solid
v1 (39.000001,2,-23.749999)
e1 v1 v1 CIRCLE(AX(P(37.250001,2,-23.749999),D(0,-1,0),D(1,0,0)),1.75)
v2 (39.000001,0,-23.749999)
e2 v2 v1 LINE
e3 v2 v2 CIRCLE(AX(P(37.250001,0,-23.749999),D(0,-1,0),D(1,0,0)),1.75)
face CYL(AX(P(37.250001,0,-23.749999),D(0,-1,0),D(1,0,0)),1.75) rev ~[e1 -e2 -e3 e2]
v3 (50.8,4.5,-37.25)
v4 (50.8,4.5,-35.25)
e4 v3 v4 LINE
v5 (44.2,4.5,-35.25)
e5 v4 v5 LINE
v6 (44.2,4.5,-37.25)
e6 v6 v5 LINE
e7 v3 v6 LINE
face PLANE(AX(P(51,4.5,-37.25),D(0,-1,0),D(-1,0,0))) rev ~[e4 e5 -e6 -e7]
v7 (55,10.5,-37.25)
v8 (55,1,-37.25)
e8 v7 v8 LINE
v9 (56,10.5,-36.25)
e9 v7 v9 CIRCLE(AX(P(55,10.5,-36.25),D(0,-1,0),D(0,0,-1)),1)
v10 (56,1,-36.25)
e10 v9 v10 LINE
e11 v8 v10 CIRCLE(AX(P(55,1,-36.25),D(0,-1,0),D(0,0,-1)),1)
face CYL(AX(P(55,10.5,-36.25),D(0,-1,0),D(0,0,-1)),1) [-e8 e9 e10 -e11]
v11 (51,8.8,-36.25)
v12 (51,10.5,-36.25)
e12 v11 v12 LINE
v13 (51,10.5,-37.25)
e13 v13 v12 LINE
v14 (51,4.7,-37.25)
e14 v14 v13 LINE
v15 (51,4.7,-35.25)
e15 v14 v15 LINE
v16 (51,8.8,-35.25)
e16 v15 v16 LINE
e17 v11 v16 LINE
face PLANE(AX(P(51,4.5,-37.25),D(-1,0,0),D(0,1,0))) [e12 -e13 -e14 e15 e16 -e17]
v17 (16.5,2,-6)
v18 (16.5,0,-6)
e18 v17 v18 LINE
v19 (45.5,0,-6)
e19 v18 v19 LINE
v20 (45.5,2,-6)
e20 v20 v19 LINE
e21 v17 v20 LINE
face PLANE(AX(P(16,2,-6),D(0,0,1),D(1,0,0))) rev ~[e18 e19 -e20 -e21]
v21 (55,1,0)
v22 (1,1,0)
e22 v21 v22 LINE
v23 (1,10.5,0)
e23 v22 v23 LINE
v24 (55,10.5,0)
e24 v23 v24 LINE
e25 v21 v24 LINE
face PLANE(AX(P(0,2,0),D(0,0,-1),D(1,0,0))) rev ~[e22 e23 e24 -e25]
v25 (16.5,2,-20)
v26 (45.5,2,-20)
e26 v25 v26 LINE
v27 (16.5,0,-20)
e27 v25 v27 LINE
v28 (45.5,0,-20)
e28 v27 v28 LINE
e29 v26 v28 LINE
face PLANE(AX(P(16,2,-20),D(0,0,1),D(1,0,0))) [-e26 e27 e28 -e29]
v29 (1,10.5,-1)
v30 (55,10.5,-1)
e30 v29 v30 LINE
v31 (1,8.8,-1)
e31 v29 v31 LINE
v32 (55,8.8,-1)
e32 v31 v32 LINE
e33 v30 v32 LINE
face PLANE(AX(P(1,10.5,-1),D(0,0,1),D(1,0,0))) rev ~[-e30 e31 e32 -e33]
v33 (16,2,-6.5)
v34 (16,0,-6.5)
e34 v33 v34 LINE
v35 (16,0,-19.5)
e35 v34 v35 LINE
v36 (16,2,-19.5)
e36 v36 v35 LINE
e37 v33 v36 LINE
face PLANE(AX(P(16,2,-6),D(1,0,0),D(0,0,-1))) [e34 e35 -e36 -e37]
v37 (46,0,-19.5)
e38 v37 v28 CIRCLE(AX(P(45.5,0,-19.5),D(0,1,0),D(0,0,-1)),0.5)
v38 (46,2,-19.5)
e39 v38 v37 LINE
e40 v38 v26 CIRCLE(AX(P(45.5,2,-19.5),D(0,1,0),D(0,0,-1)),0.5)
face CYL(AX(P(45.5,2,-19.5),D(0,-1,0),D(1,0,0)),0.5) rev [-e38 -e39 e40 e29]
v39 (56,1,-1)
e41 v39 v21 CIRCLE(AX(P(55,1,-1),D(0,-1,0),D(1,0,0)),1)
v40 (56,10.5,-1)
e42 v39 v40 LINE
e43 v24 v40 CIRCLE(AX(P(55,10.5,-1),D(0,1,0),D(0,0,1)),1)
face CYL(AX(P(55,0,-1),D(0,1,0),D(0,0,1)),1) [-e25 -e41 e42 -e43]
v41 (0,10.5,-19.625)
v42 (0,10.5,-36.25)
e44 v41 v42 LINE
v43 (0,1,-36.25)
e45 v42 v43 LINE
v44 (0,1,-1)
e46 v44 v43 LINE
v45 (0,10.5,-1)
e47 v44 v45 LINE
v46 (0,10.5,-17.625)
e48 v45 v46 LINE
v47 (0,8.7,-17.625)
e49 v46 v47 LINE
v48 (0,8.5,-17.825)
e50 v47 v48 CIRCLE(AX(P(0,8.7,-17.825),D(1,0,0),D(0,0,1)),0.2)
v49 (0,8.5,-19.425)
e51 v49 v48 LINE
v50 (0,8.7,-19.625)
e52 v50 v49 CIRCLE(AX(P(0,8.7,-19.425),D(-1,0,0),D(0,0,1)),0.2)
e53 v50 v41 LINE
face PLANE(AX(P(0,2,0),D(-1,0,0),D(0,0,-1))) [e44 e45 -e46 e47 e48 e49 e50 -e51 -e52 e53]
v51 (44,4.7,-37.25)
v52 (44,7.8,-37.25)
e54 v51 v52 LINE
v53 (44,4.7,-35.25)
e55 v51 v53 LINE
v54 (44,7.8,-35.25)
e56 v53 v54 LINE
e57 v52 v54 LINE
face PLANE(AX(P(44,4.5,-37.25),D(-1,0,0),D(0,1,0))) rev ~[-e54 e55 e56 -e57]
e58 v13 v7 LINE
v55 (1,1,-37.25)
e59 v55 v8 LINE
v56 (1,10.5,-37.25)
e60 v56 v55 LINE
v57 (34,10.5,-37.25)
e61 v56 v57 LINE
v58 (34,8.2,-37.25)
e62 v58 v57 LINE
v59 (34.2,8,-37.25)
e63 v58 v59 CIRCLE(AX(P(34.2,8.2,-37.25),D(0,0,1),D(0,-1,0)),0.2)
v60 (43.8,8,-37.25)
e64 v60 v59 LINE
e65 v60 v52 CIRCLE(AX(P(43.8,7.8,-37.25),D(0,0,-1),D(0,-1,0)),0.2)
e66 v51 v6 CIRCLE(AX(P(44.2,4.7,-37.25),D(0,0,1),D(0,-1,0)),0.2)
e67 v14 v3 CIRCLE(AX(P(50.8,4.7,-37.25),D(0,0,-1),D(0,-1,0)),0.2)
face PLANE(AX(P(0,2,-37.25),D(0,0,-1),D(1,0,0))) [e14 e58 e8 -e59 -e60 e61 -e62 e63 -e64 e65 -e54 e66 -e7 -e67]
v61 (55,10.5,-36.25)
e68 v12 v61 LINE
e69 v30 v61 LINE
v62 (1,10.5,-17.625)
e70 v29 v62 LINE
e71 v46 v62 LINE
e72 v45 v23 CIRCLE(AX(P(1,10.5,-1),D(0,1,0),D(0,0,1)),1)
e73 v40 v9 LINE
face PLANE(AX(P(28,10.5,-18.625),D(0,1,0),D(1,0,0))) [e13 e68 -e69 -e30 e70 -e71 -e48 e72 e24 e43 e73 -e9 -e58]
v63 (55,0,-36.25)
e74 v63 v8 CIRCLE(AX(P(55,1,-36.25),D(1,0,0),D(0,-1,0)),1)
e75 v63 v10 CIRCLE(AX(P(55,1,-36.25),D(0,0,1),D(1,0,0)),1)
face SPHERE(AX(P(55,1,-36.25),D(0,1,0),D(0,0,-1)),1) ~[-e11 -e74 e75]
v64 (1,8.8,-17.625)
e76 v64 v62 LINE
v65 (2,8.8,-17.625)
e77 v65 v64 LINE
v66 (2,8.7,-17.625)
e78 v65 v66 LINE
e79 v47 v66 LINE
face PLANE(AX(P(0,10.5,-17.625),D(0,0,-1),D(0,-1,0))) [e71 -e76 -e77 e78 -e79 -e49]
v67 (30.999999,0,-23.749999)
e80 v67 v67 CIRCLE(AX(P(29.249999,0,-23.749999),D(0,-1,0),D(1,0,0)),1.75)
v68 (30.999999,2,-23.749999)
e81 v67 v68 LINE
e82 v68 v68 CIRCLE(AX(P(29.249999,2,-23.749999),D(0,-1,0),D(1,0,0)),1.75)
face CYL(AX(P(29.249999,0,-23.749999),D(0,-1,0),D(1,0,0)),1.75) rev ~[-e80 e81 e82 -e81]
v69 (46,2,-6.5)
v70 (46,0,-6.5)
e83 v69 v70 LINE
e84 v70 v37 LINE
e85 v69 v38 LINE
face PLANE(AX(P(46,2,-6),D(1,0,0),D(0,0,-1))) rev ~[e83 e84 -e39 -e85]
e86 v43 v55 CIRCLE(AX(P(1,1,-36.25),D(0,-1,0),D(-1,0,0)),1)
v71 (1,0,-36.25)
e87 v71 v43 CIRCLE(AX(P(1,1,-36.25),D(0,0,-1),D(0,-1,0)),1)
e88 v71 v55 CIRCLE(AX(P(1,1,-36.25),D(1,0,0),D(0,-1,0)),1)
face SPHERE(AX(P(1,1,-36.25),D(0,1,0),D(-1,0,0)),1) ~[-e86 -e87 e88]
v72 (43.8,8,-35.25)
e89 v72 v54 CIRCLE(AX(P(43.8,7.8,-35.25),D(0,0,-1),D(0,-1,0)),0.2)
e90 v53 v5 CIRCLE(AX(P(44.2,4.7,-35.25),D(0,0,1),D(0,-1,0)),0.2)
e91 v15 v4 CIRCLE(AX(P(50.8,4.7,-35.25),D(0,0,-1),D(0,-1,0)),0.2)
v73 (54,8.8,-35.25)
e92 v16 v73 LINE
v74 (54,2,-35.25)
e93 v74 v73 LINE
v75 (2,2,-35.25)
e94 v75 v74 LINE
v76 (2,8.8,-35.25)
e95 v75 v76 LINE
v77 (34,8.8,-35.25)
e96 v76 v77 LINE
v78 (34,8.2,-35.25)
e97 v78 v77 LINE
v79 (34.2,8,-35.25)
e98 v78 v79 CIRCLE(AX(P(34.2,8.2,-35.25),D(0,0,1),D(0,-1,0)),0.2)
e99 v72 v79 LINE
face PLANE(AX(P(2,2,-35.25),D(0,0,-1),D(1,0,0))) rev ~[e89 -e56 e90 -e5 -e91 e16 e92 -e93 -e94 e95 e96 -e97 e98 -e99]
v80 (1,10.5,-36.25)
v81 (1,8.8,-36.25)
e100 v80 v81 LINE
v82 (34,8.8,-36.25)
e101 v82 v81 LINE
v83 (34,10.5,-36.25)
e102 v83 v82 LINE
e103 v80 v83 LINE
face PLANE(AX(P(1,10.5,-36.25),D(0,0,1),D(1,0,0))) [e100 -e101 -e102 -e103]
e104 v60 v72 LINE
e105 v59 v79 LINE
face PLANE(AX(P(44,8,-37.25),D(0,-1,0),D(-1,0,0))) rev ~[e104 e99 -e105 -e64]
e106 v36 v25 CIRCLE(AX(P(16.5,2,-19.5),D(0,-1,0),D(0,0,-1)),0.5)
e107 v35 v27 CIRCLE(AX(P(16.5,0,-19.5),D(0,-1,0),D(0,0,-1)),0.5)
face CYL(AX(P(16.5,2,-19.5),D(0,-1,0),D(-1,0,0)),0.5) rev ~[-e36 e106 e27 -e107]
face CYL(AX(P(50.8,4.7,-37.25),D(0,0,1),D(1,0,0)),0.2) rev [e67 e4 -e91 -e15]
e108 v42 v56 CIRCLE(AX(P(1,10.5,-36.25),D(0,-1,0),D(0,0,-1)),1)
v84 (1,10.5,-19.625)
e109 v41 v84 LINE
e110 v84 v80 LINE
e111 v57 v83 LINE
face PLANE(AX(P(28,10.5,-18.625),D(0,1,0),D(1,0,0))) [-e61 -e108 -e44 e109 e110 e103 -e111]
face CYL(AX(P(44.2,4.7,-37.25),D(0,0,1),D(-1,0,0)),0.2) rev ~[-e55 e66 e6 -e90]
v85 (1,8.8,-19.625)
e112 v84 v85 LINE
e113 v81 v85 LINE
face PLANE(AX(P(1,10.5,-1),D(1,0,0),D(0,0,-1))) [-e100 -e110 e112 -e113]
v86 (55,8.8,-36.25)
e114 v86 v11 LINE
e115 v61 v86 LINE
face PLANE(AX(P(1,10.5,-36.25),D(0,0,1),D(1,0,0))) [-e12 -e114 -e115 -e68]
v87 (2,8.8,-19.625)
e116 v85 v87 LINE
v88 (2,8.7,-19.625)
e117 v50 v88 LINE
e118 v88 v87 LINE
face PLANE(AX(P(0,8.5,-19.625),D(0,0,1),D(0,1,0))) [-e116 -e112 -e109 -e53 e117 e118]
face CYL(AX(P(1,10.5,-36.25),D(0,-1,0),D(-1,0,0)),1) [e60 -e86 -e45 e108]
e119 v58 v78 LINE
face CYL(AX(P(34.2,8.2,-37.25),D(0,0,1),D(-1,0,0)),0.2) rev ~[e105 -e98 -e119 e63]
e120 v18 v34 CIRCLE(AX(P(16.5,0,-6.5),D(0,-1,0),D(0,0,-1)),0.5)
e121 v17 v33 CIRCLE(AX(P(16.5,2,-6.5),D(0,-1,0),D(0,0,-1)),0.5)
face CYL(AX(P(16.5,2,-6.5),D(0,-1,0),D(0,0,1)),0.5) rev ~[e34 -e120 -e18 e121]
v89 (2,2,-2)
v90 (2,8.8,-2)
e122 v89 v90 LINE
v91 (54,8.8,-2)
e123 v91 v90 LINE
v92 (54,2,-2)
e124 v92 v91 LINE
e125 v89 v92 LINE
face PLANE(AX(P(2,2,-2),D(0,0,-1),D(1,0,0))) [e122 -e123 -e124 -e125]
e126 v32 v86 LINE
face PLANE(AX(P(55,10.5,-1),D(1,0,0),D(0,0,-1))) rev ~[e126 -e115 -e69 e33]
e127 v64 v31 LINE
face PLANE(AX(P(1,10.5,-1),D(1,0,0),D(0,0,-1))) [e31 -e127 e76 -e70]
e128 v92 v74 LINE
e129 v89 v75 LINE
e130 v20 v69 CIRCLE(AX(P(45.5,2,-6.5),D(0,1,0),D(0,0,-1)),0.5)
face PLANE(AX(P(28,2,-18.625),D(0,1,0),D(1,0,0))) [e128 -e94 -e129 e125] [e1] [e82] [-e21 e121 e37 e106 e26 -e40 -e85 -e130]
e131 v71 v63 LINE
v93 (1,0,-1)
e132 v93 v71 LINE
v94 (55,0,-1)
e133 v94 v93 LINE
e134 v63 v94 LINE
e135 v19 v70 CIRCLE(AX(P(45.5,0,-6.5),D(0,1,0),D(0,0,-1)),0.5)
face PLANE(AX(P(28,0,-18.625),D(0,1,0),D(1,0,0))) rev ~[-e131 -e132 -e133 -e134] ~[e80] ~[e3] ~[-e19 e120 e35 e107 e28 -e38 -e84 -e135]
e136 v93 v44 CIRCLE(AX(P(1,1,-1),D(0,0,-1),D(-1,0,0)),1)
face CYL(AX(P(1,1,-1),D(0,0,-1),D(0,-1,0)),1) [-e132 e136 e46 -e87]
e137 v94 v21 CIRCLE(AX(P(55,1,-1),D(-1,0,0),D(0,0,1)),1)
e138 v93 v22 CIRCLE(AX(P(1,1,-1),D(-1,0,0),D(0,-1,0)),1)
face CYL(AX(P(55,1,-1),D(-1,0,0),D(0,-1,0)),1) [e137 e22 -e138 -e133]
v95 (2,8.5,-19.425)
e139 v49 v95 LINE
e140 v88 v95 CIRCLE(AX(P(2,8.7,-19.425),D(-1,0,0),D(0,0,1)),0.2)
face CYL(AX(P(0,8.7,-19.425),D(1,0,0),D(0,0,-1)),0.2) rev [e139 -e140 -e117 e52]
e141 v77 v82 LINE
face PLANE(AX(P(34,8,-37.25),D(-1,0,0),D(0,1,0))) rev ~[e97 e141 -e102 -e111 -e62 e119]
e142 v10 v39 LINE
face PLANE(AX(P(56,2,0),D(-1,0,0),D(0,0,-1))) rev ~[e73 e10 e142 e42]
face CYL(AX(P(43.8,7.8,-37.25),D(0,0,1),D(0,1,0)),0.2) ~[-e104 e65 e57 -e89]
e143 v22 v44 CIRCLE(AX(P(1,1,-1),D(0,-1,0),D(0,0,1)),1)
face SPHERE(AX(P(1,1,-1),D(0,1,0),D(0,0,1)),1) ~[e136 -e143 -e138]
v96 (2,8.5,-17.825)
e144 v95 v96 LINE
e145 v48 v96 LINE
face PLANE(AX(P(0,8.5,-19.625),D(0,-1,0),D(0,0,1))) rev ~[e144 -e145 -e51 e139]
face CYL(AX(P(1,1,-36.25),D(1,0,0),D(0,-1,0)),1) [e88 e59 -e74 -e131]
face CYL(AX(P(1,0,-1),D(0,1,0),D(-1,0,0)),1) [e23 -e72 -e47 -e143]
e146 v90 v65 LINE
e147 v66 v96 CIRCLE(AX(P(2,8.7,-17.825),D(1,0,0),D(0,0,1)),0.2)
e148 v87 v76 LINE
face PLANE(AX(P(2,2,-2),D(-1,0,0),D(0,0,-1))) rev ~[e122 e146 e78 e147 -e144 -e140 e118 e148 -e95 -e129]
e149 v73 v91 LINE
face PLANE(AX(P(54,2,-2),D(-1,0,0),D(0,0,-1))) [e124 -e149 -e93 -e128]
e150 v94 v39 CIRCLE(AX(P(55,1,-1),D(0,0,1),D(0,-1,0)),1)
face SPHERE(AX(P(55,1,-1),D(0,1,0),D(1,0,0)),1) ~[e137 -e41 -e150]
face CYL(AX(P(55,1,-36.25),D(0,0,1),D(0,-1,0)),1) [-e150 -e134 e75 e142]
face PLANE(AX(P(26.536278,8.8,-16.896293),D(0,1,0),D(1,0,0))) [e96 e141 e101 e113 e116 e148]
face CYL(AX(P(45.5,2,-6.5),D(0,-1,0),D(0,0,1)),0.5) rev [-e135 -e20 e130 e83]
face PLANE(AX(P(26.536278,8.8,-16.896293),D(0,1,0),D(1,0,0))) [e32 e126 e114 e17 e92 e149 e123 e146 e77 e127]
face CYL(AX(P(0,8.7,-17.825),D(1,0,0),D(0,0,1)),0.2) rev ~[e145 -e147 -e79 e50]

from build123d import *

# Parameters (mm, degrees)
SKETCH1_W           = 56
SKETCH1_H           = 37.25
BOSS_EXTRUDE1_DEPTH = 2
SKETCH2_W           = 56
SKETCH2_H           = 37.25
SKETCH2_W_2         = 52
SKETCH2_H_2         = 33.25
BOSS_EXTRUDE2_DEPTH = 8.5
SKETCH5_W           = 54
SKETCH5_H           = 35.25
SKETCH5_W_2         = 52
SKETCH5_H_2         = 33.25
CUT_EXTRUDE1_DEPTH  = 1
FILLET1_R           = 1
SKETCH7_W           = 30
SKETCH7_H           = 14
CUT_EXTRUDE3_DEPTH  = 10
SKETCH8_R           = 1.75
CUT_EXTRUDE4_DEPTH  = 10
SKETCH9_W           = 7
SKETCH9_H           = 6
CUT_EXTRUDE5_DEPTH  = 3
SKETCH10_W          = 10
SKETCH10_H          = 2.5
CUT_EXTRUDE6_DEPTH  = 3
FILLET2_R           = 0.5
FILLET3_R           = 1
FILLET5_R           = 0.2
CUT_EXTRUDE8_DEPTH  = 0.7
CUT_EXTRUDE10_DEPTH = 5
FILLET6_R           = 0.2


with BuildPart() as part:
    # Sketch1 → Boss-Extrude1 (new body)
    with BuildSketch(Plane(origin=(0, 0, 0), x_dir=(1, 0, 0), z_dir=(0, 1, 0))):
        with Locations((28, 18.625)):
            Rectangle(SKETCH1_W, SKETCH1_H)
    extrude(amount=BOSS_EXTRUDE1_DEPTH)

    # Sketch2 → Boss-Extrude2 (add)
    with BuildSketch(Plane(origin=(0, 2, 0), x_dir=(1, 0, 0), z_dir=(0, 1, 0))):
        with Locations((28, 18.625)):
            Rectangle(SKETCH2_W, SKETCH2_H)
        with Locations((28, 18.625)):
            Rectangle(SKETCH2_W_2, SKETCH2_H_2, mode=Mode.SUBTRACT)
    extrude(amount=BOSS_EXTRUDE2_DEPTH)

    # Sketch5 → Cut-Extrude1 (cut)
    with BuildSketch(Plane(origin=(0, 10.5, 0), x_dir=(1, 0, 0), z_dir=(0, 1, 0))):
        with Locations((28, 18.625)):
            Rectangle(SKETCH5_W, SKETCH5_H)
        with Locations((28, 18.625)):
            Rectangle(SKETCH5_W_2, SKETCH5_H_2, mode=Mode.SUBTRACT)
        with Locations((28, 18.625)):
            Rectangle(SKETCH5_W_2, SKETCH5_H_2)
    extrude(amount=-CUT_EXTRUDE1_DEPTH, mode=Mode.SUBTRACT)

    # Fillet1
    fillet1_edges = [part.edges().sort_by_distance(p)[0] for p in [
        (0, 5.25, -37.25),
        (56, 5.25, -37.25),
        (56, 5.25, 0),
        (0, 5.25, 0),
    ]]
    fillet(fillet1_edges, radius=FILLET1_R)

    # Sketch7 → Cut-Extrude3 (cut)
    with BuildSketch(Plane(origin=(0, 2, 0), x_dir=(1, 0, 0), z_dir=(0, 1, 0))):
        with Locations((31, 13)):
            Rectangle(SKETCH7_W, SKETCH7_H)
    extrude(amount=-CUT_EXTRUDE3_DEPTH, mode=Mode.SUBTRACT)

    # Sketch8 → Cut-Extrude4 (cut)
    with BuildSketch(Plane.XZ):
        with Locations((29.24999924, -23.74999914)):
            Circle(SKETCH8_R)
        with Locations((37.25000102, -23.74999914)):
            Circle(SKETCH8_R)
    extrude(amount=-CUT_EXTRUDE4_DEPTH, mode=Mode.SUBTRACT)

    # Sketch9 → Cut-Extrude5 (cut)
    with BuildSketch(Plane(origin=(0, 0, -37.25), x_dir=(-1, 0, 0), z_dir=(0, 0, -1))):
        with Locations((-47.5, 7.5)):
            Rectangle(SKETCH9_W, SKETCH9_H)
    extrude(amount=-CUT_EXTRUDE5_DEPTH, mode=Mode.SUBTRACT)

    # Sketch10 → Cut-Extrude6 (cut)
    with BuildSketch(Plane(origin=(0, 0, -37.25), x_dir=(-1, 0, 0), z_dir=(0, 0, -1))):
        with Locations((-39, 9.25)):
            Rectangle(SKETCH10_W, SKETCH10_H)
    extrude(amount=-CUT_EXTRUDE6_DEPTH, mode=Mode.SUBTRACT)

    # Fillet2
    fillet2_edges = [part.edges().sort_by_distance(p)[0] for p in [
        (16, 1, -6),
        (16, 1, -20),
        (46, 1, -20),
        (46, 1, -6),
    ]]
    fillet(fillet2_edges, radius=FILLET2_R)

    # Fillet3
    fillet3_edges = [part.edges().sort_by_distance(p)[0] for p in [
        (28, 0, -37.25),
        (0, 0, -18.625),
        (56, 0, -18.625),
        (28, 0, 0),
        (0.292893219, 0, -0.292893219),
        (0.292893219, 0, -36.957106781),
        (55.707106781, 0, -0.292893219),
        (55.707106781, 0, -36.957106781),
    ]]
    fillet(fillet3_edges, radius=FILLET3_R)

    # Fillet5
    fillet5_edges = [part.edges().sort_by_distance(p)[0] for p in [
        (51, 4.5, -36.25),
        (44, 4.5, -36.25),
        (44, 8, -36.25),
        (34, 8, -36.25),
    ]]
    fillet(fillet5_edges, radius=FILLET5_R)

    # Sketch12 → Cut-Extrude8 (cut)
    with BuildSketch(Plane(origin=(0, 9.5, 0), x_dir=(1, 0, 0), z_dir=(0, 1, 0))):
        Polygon((34, 35.25), (34, 36.25), (1, 36.25), (1, 1), (55, 1), (55, 36.25), (51, 36.25), (51, 35.25), (54, 35.25), (54, 2), (2, 2), (2, 35.25), align=None)
    extrude(amount=-CUT_EXTRUDE8_DEPTH, mode=Mode.SUBTRACT)

    # Sketch13 → Cut-Extrude10 (cut)
    with BuildSketch(Plane.ZY):
        Polygon((-18.625, 8.5), (-19.625, 8.5), (-19.625, 10.5), (-17.625, 10.5), (-17.625, 8.5), align=None)
    extrude(amount=-CUT_EXTRUDE10_DEPTH, mode=Mode.SUBTRACT)

    # Fillet6
    fillet6_edges = [part.edges().sort_by_distance(p)[0] for p in [
        (1, 8.5, -17.625),
        (1, 8.5, -19.625),
    ]]
    fillet(fillet6_edges, radius=FILLET6_R)


solid = part.part
